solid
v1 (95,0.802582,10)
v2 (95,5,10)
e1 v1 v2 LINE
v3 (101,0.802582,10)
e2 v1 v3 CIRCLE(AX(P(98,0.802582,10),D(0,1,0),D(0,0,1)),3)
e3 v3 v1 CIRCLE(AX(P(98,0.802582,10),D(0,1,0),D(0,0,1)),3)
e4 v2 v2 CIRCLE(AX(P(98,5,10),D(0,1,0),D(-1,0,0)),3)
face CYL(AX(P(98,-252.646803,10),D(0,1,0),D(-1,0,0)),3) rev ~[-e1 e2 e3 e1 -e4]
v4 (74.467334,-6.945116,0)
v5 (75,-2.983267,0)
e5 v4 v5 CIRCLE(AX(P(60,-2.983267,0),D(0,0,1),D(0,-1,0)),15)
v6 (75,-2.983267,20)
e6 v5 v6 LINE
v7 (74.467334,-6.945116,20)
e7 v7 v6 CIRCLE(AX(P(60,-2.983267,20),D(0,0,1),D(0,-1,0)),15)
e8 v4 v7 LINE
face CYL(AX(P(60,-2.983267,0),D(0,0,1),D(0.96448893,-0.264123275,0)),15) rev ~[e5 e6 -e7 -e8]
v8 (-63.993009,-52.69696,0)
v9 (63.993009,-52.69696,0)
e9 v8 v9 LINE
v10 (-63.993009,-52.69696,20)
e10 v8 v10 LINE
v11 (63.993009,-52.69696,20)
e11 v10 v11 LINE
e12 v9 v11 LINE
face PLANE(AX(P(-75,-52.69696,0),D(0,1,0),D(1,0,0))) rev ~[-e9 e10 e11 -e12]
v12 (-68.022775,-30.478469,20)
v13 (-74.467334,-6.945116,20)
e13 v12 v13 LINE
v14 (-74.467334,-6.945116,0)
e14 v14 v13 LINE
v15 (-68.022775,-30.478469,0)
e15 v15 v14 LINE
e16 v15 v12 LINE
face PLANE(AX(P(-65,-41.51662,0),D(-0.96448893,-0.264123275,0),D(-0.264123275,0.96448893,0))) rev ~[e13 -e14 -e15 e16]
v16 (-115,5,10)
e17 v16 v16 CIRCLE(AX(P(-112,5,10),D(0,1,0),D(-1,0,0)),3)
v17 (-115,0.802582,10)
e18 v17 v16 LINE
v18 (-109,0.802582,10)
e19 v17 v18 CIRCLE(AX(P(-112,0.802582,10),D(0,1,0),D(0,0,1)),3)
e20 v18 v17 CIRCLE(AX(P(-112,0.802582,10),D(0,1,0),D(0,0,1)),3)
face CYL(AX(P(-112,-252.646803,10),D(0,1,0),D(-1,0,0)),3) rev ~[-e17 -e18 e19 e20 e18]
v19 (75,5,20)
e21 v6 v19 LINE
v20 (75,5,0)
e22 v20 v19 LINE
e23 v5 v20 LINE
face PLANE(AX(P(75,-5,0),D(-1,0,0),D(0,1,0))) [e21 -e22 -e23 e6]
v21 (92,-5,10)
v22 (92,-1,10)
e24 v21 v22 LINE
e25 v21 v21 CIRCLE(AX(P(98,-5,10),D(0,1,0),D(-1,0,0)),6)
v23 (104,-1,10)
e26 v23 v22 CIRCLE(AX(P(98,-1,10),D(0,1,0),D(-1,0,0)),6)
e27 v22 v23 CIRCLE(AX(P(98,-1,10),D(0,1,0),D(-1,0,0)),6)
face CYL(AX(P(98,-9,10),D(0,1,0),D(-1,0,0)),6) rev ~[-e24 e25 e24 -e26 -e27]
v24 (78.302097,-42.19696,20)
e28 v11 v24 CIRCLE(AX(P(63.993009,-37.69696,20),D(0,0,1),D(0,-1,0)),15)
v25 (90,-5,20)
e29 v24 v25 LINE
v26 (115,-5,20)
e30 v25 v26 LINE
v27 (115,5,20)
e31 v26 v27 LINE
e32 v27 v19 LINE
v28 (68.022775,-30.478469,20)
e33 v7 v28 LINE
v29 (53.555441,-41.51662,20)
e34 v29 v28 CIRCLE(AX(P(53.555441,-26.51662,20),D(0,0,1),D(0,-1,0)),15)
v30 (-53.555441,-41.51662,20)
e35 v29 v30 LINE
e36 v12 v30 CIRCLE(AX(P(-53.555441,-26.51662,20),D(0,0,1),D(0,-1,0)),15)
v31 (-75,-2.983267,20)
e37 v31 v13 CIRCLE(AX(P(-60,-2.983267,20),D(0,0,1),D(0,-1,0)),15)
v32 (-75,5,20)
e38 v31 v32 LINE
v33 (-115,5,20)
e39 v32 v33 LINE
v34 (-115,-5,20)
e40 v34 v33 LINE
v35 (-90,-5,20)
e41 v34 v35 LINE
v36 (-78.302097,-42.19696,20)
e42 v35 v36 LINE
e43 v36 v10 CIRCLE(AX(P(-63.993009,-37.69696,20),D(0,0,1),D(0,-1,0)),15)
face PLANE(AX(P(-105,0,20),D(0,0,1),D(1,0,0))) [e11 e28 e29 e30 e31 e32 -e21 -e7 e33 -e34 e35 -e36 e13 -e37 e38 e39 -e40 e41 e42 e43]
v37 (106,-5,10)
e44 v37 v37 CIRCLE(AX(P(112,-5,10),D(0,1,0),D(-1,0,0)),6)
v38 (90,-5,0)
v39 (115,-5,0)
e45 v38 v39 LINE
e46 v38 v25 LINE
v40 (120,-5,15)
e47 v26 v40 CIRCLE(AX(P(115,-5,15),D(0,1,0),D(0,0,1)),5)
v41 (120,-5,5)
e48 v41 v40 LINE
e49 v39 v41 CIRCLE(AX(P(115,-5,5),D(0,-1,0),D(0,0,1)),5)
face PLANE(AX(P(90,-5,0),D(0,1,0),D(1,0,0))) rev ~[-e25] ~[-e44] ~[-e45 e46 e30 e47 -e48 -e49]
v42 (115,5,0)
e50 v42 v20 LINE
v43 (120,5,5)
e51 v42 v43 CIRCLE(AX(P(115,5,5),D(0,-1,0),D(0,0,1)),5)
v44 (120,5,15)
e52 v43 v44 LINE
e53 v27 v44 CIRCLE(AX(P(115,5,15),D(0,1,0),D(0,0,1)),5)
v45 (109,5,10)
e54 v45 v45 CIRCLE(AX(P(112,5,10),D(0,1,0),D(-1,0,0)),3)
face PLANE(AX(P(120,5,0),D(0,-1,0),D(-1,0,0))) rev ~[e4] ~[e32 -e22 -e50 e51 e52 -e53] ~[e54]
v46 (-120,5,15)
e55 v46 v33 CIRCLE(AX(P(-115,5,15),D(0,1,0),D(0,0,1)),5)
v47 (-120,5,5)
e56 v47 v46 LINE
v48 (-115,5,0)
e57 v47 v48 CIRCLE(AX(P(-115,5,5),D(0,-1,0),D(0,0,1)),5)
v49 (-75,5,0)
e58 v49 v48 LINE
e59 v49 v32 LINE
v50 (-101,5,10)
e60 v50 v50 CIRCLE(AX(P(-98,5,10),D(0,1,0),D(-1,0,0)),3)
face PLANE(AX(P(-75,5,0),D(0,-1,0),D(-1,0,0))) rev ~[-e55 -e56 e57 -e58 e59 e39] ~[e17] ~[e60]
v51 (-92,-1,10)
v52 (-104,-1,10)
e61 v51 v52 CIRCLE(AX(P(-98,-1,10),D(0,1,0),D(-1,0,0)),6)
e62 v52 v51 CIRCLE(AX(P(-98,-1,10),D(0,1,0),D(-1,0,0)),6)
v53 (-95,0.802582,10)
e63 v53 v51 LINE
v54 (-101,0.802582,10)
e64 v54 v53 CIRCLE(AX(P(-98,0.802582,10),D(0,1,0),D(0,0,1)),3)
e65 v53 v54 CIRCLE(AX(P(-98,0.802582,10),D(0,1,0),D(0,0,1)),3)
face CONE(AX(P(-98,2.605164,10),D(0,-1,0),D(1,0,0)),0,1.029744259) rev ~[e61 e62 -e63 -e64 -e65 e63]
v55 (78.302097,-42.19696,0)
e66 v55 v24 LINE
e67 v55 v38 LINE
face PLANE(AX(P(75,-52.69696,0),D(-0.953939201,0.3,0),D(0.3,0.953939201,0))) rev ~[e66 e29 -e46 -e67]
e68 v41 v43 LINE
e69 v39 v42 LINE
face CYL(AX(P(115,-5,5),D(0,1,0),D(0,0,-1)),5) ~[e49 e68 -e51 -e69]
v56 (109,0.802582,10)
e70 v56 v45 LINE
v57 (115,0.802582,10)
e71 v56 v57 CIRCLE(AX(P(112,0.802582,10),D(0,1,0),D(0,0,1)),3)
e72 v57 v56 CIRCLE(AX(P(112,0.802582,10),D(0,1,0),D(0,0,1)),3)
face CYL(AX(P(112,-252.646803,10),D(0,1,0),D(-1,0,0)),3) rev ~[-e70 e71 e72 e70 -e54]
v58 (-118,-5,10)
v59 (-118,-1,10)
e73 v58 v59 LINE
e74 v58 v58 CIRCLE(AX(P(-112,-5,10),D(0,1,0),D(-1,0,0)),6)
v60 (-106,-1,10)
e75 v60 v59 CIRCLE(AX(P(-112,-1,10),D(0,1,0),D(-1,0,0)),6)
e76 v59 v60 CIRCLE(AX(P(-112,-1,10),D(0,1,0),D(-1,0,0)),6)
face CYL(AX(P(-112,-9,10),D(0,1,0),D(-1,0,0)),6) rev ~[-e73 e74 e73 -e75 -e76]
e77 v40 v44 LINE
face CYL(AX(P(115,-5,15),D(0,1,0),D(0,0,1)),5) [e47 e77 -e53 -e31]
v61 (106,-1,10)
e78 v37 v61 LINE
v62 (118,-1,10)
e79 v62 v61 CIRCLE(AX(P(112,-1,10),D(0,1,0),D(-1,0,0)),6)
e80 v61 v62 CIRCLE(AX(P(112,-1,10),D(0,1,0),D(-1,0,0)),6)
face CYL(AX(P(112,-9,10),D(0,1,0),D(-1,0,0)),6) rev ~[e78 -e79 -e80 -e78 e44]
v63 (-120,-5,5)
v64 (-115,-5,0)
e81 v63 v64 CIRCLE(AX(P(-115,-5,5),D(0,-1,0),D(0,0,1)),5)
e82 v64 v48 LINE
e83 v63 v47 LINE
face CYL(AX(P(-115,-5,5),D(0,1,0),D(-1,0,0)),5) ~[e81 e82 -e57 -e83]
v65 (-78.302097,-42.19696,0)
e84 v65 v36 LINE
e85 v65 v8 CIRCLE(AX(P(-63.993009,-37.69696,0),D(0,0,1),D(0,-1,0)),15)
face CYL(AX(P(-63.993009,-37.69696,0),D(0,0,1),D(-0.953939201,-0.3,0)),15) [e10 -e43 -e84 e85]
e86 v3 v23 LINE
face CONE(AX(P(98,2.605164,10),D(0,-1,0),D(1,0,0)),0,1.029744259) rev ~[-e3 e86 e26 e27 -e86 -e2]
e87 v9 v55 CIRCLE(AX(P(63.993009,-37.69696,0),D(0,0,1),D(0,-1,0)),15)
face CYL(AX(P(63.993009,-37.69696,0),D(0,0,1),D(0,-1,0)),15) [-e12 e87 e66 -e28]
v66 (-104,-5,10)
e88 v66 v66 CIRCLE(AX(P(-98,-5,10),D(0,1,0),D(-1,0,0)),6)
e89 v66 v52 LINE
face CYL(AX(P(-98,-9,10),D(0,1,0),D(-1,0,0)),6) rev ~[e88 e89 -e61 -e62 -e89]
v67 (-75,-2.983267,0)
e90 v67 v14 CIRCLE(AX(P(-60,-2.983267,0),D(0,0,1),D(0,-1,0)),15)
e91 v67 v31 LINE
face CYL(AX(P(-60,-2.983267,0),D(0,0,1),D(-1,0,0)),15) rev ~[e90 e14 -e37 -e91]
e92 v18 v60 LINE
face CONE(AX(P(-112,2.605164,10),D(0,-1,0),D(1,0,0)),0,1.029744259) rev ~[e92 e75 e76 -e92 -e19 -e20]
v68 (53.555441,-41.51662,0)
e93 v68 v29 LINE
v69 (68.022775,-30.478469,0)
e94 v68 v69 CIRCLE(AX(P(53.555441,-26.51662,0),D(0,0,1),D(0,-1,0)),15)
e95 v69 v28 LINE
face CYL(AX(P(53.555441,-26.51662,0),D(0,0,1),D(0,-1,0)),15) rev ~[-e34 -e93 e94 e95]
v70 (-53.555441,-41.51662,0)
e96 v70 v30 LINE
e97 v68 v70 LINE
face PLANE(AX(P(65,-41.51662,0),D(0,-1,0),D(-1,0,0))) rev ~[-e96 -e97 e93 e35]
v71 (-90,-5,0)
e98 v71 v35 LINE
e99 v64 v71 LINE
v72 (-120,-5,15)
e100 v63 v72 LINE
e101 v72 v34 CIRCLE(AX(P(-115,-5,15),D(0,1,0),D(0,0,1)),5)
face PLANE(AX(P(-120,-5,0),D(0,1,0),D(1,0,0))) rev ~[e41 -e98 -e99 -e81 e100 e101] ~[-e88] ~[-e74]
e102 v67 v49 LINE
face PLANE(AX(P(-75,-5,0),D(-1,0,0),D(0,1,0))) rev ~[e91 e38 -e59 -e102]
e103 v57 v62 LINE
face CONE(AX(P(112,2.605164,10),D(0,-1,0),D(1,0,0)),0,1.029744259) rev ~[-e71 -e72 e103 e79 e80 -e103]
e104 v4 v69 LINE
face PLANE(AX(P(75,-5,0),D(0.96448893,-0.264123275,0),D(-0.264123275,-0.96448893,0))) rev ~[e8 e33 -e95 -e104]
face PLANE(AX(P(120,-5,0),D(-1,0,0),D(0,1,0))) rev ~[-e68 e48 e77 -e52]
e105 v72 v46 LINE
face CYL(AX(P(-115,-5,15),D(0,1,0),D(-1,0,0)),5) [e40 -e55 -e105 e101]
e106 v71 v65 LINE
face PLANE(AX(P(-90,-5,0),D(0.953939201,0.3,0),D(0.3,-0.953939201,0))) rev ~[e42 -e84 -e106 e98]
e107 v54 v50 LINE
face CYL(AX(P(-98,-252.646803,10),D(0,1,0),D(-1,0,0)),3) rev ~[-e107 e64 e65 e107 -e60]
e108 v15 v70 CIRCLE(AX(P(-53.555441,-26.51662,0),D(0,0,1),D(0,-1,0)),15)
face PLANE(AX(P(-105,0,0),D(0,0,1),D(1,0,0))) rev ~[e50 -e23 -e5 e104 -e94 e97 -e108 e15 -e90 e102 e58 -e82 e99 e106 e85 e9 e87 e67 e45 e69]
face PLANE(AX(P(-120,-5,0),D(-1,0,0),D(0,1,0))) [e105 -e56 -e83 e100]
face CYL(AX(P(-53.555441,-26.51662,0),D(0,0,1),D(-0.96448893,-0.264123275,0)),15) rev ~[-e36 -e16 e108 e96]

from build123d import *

# Parameters (mm, degrees)
F0_W     = 30
F0_H     = 10
F0_W_2   = 15
F1_DEPTH = 20
F3_D     = 6
F4_D     = 12
F4_DEPTH = 4
F4_TIP   = 3.6051637142
F5_R     = 5
F6_R     = 15


with BuildPart() as f1:
    # F0 (on Top) → F1 (new body)
    with BuildSketch(Plane.XY):
        with Locations((-105, 0)):
            Rectangle(F0_W, F0_H)
        with Locations((-82.5, 0)):
            Rectangle(F0_W_2, F0_H)
        Polygon((-75, -5), (-90, -5), (-75, -52.6969600708), (75, -52.6969600708), (90, -5), (75, -5), (65, -41.5166201833), (-65, -41.5166201833), align=None)
        with Locations((82.5, 0)):
            Rectangle(F0_W_2, F0_H)
        with Locations((105, 0)):
            Rectangle(F0_W, F0_H)
    extrude(amount=F1_DEPTH)

    # F3 (through all)
    with Locations(Plane.XZ.offset(5)):
        with Locations((-112, 10), (-98, 10), (98, 10), (112, 10)):
            Hole(F3_D / 2)

    # F4
    with Locations(Plane.XZ.offset(5)):
        with Locations((-112, 10), (-98, 10), (98, 10), (112, 10)):
            Hole(F4_D / 2, depth=F4_DEPTH)
            with Locations((0, 0, -(F4_DEPTH + F4_TIP / 2))):  # 118° drill point
                Cone(0, F4_D / 2, F4_TIP, mode=Mode.SUBTRACT)

    # F5
    f5_edges = [f1.edges().sort_by_distance(p)[0] for p in [
        (-120, 0, 20),
        (-120, 0, 0),
        (120, 0, 20),
        (120, 0, 0),
    ]]
    fillet(f5_edges, radius=F5_R)

    # F6
    f6_edges = [f1.edges().sort_by_distance(p)[0] for p in [
        (-75, -52.69696, 10),
        (75, -52.69696, 10),
        (-65, -41.51662, 10),
        (65, -41.51662, 10),
        (-75, -5, 10),
        (75, -5, 10),
    ]]
    fillet(f6_edges, radius=F6_R)


solid = f1.part
